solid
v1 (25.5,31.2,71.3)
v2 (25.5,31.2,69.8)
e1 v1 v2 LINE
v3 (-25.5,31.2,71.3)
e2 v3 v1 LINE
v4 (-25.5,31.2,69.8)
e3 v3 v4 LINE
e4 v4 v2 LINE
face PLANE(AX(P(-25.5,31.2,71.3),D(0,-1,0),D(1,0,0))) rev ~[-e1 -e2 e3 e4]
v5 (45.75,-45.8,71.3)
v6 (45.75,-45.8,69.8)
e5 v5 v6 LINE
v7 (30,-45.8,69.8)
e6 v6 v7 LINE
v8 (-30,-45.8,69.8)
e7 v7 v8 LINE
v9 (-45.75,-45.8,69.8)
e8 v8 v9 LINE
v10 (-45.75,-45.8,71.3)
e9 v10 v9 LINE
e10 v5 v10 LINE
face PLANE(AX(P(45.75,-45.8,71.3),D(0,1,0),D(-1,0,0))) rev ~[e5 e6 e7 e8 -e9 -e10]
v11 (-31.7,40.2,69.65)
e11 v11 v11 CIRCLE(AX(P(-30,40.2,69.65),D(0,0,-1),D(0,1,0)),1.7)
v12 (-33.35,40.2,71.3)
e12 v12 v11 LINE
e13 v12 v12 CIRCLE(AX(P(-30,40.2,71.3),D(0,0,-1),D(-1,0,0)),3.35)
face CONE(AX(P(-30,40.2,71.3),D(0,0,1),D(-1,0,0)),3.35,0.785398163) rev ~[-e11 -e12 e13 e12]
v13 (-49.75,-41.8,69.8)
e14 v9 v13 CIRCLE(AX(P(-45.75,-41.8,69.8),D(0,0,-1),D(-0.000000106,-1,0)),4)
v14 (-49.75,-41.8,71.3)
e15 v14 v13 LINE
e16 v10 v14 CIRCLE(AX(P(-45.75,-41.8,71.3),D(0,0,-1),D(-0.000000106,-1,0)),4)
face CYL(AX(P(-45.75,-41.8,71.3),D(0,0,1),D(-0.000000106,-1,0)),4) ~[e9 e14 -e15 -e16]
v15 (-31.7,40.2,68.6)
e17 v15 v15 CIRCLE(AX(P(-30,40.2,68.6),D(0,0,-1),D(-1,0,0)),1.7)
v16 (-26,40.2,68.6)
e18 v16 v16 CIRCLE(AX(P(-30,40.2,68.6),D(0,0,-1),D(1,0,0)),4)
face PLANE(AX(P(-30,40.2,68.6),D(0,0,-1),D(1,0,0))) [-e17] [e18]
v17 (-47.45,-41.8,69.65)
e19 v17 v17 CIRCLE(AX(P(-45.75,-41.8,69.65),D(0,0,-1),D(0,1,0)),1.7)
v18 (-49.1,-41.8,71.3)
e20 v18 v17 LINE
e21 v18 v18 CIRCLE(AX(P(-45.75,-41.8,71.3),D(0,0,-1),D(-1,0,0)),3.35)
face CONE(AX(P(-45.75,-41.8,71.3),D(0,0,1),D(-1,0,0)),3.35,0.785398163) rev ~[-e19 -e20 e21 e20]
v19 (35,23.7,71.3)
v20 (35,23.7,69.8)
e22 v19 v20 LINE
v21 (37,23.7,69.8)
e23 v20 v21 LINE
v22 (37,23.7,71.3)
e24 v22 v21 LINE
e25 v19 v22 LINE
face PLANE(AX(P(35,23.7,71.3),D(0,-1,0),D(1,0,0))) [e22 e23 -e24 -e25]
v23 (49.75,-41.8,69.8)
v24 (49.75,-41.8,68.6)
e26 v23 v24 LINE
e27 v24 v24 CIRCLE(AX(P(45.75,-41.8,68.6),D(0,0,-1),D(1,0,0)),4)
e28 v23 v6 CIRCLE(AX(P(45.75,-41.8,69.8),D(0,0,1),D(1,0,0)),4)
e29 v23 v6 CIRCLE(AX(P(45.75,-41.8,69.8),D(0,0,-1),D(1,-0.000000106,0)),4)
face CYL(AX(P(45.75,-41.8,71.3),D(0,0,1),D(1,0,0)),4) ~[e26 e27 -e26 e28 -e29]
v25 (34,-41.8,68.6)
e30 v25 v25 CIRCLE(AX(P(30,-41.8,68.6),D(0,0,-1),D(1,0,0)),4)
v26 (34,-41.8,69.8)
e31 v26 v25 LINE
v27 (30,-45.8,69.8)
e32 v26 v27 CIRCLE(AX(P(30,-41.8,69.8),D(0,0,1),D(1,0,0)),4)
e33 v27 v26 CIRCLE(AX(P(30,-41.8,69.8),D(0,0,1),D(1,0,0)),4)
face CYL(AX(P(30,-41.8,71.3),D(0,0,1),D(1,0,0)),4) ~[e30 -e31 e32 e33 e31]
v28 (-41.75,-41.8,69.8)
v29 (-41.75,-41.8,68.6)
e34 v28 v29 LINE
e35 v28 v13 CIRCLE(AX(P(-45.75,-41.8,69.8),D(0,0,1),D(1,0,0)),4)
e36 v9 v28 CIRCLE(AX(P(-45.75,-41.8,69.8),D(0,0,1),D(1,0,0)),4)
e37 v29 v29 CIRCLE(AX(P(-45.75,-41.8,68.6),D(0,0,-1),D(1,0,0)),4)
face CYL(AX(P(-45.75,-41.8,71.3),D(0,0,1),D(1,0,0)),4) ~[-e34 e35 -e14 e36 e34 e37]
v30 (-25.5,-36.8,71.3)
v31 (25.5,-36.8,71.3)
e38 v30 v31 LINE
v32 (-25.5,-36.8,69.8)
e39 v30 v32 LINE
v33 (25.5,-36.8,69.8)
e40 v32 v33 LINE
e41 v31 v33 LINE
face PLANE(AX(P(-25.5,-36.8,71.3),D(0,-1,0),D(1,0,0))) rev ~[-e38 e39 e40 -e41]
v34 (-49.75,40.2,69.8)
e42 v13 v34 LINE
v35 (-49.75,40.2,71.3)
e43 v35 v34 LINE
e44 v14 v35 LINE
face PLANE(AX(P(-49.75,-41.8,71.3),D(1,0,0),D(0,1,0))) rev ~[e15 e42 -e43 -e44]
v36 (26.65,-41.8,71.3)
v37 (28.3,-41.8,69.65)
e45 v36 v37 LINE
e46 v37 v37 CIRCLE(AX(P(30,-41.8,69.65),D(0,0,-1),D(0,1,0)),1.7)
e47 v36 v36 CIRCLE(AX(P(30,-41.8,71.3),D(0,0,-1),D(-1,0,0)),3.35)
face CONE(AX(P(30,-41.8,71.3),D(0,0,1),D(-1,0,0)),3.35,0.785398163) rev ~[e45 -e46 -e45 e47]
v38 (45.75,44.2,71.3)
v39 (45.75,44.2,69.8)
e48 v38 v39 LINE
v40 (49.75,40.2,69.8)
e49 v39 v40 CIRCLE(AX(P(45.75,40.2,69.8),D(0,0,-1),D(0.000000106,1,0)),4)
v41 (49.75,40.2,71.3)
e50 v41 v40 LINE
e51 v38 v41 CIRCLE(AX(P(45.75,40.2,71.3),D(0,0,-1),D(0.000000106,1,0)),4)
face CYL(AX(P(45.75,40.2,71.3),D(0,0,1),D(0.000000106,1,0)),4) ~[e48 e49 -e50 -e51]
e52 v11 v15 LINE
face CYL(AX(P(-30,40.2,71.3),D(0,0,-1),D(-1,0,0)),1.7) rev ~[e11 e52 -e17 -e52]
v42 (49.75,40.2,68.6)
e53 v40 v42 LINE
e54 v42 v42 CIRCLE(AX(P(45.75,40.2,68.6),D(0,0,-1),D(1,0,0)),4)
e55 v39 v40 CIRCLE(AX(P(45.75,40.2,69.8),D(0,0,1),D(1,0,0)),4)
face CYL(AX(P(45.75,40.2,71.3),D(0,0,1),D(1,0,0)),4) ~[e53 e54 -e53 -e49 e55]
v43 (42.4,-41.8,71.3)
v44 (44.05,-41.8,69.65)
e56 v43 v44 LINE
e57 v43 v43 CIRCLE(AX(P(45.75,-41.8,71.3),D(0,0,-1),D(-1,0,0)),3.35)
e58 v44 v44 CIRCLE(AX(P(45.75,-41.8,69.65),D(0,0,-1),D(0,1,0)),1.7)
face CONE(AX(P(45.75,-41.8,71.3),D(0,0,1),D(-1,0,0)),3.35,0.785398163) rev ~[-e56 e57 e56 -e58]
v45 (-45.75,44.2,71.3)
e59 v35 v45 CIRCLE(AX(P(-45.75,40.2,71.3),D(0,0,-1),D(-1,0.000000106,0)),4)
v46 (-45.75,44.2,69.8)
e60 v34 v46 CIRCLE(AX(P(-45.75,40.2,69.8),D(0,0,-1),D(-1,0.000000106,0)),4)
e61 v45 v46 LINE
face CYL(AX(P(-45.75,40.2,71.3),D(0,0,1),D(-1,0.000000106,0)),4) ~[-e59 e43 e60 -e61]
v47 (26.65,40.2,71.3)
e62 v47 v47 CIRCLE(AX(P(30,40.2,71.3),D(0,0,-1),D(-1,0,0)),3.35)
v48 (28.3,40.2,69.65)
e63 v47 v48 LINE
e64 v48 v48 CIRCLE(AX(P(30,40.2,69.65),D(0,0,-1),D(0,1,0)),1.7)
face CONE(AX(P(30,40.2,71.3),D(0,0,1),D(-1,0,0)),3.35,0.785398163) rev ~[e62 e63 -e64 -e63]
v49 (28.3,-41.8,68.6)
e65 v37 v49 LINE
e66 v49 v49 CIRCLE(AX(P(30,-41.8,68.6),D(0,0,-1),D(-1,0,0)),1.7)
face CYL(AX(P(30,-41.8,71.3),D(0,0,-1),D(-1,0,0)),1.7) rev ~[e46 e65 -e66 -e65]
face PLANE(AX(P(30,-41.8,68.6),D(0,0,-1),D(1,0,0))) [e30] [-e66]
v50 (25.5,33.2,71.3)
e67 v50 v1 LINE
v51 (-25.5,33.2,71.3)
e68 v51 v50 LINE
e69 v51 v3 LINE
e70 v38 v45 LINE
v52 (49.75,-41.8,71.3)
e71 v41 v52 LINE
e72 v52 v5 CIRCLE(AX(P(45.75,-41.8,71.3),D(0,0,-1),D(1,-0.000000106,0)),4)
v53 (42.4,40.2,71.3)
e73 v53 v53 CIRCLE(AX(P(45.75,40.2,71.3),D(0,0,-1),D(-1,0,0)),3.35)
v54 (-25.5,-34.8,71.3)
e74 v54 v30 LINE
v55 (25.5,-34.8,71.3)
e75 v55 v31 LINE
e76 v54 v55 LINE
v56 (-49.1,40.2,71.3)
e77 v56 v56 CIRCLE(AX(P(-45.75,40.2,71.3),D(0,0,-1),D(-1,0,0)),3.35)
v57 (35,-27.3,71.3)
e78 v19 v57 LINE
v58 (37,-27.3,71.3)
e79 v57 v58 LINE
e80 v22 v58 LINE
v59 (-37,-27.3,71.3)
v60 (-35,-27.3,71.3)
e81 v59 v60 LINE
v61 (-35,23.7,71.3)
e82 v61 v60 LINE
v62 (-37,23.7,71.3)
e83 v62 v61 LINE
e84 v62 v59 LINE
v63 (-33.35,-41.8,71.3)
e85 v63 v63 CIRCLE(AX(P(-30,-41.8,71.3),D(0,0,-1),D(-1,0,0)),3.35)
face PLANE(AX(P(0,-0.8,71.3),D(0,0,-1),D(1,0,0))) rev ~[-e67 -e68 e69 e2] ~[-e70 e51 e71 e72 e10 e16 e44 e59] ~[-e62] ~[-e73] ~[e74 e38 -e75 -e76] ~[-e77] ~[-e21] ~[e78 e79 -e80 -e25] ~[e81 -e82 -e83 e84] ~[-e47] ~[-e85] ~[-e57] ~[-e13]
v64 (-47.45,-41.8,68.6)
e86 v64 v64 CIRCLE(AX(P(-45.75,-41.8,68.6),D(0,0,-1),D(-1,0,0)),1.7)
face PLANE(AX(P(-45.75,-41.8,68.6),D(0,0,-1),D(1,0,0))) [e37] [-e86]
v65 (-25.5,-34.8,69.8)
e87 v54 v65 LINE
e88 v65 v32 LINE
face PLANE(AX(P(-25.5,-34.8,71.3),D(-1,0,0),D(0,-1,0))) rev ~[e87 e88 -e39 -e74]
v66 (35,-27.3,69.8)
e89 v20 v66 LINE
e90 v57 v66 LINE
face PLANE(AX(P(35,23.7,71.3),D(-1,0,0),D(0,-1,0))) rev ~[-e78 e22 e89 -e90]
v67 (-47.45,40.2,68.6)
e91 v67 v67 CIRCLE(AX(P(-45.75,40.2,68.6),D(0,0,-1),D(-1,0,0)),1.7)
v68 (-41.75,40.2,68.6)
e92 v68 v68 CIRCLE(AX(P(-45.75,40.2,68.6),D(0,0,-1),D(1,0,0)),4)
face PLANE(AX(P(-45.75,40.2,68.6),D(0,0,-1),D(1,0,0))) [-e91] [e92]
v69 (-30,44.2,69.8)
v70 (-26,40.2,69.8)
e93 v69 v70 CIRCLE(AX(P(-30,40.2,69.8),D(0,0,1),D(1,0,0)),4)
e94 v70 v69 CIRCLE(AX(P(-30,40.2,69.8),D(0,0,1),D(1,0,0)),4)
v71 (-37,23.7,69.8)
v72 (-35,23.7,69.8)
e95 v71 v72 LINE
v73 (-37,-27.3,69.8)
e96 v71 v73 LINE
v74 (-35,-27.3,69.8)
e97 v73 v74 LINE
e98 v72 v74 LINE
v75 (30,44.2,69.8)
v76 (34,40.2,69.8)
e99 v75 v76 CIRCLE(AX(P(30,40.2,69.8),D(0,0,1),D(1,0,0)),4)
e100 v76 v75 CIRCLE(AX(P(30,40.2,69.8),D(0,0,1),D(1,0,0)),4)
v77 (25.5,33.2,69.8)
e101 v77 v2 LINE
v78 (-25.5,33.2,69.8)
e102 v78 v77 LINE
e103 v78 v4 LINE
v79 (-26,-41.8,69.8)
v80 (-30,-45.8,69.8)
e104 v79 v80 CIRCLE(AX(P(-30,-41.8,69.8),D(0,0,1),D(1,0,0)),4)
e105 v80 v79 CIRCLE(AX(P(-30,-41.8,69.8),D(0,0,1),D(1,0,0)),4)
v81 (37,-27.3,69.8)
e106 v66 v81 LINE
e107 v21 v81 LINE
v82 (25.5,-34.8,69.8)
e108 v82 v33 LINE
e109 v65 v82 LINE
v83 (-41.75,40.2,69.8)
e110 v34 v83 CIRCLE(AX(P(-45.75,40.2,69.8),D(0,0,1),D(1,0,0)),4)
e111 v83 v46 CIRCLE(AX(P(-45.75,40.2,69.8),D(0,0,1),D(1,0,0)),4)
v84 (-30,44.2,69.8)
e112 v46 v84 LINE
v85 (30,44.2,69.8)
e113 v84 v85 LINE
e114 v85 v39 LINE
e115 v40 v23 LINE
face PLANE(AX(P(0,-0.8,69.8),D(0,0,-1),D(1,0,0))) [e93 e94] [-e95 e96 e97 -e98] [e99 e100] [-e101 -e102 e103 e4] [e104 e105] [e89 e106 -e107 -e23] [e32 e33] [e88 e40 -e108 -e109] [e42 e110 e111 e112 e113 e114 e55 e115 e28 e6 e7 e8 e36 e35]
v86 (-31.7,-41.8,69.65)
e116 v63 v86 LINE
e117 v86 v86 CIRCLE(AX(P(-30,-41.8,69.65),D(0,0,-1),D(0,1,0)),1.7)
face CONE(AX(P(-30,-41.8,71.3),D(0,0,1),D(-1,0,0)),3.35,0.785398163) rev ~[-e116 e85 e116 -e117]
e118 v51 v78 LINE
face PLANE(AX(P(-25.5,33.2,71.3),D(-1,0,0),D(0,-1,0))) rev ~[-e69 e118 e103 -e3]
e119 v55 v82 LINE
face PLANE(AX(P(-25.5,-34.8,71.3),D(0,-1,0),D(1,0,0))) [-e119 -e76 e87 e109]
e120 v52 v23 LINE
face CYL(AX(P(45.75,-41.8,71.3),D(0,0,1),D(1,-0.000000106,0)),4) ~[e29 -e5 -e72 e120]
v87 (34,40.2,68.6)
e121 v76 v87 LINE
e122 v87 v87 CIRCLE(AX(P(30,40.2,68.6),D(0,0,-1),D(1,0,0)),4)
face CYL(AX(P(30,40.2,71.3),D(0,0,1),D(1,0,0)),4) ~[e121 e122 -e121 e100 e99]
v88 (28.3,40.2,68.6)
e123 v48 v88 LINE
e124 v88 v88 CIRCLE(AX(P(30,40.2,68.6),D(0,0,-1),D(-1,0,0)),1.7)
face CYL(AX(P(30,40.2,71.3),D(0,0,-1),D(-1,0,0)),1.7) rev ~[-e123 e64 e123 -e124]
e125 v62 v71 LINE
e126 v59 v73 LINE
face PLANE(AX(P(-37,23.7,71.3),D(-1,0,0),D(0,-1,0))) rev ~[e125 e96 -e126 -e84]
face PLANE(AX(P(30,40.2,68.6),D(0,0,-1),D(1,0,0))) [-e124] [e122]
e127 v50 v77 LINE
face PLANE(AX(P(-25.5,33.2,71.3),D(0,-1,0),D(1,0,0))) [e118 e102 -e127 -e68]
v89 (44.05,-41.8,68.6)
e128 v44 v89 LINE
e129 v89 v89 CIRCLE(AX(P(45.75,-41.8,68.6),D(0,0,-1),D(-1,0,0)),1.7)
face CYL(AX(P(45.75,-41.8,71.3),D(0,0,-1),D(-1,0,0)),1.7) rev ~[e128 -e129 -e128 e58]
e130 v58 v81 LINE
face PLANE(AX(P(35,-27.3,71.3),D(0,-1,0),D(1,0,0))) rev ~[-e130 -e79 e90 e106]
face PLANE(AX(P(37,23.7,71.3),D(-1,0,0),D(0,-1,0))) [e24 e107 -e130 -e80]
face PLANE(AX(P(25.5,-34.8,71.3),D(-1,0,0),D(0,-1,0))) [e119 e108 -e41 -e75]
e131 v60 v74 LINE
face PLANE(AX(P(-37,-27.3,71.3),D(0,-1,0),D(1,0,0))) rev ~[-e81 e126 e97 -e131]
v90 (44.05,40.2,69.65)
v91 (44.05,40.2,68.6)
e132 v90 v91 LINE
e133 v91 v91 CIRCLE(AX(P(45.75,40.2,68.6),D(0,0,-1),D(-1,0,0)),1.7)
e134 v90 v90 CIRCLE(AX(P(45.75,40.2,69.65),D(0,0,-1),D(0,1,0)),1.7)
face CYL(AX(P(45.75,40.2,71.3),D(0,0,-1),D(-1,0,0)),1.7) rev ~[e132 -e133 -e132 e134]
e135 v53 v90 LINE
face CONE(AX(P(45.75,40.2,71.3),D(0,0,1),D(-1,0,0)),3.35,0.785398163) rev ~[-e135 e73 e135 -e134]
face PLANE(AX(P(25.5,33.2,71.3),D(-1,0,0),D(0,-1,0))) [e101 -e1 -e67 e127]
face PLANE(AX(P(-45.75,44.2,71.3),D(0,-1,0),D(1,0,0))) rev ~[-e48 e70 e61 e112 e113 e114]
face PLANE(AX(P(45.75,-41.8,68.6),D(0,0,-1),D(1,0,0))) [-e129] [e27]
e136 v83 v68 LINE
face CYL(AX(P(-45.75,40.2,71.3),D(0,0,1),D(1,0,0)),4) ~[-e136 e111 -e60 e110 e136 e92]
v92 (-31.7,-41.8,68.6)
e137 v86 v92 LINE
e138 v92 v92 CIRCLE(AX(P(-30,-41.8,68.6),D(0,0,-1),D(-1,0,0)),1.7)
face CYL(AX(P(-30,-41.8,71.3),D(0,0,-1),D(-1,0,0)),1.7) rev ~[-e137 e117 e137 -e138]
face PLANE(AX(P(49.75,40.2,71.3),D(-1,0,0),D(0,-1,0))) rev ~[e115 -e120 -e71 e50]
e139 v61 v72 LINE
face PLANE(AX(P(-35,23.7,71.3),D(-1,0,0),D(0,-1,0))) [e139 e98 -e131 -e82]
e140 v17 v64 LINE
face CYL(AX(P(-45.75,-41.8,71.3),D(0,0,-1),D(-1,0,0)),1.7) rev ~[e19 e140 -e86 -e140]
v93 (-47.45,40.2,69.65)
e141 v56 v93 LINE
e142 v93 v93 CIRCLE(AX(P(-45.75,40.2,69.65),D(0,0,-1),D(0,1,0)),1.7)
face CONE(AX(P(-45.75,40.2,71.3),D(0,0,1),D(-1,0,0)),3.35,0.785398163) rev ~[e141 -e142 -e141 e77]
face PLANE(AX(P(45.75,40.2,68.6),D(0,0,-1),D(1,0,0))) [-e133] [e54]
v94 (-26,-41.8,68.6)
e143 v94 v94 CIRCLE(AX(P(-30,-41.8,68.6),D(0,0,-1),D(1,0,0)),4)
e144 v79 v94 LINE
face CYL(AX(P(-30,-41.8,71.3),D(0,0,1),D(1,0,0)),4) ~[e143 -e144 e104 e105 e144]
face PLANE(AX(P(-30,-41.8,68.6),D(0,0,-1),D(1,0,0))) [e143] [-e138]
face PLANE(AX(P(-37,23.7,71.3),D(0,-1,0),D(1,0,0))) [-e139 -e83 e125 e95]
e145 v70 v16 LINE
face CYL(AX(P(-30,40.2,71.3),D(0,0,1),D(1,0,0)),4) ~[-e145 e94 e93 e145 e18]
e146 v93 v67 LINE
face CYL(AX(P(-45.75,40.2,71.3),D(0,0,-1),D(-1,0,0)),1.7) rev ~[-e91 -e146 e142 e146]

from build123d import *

# Parameters (mm, degrees)
SKETCH043_W             = 51
SKETCH043_H             = 2
SKETCH043_W_2           = 2
SKETCH043_H_2           = 51
PAD026_DEPTH            = 1.5
SKETCH044_R             = 4
SKETCH044_R_2           = 1.6
PAD027_DEPTH            = 2.7
HOLE001_D               = 3.4
HOLE001_DEPTH           = 25
HOLE001_CSINK_D         = 6.7
HOLE001_CSINK_ANGLE     = 90
BODY011_PLACEMENT_ANGLE = 180


with BuildPart() as part:
    # Sketch043 → Pad026 (new body)
    with BuildSketch(Plane.XY):
        with BuildLine():
            Line((-49.75, 40), (-49.75, -42))
            ThreePointArc((-49.75, -42), (-48.578427, -44.828427), (-45.75, -46))
            Line((-45.75, -46), (45.75, -46))
            ThreePointArc((45.75, -46), (48.578427, -44.828427), (49.75, -42))
            Line((49.75, -42), (49.75, 40))
            ThreePointArc((49.75, 40), (48.578427, 42.828427), (45.75, 44))
            Line((45.75, 44), (-45.75, 44))
            ThreePointArc((-45.75, 44), (-48.578427, 42.828427), (-49.75, 40))
        make_face()
        with Locations((0, 34)):
            Rectangle(SKETCH043_W, SKETCH043_H, mode=Mode.SUBTRACT)
        with Locations((0, -34)):
            Rectangle(SKETCH043_W, SKETCH043_H, mode=Mode.SUBTRACT)
        with Locations((36, 0)):
            Rectangle(SKETCH043_W_2, SKETCH043_H_2, mode=Mode.SUBTRACT)
        with Locations((-36, 0)):
            Rectangle(SKETCH043_W_2, SKETCH043_H_2, mode=Mode.SUBTRACT)
    extrude(amount=PAD026_DEPTH)

    # Sketch044 → Pad027 (join)
    with BuildSketch(Plane.XY):
        with Locations((-45.75, 40)):
            Circle(SKETCH044_R)
        with Locations((-45.75, 40)):
            Circle(SKETCH044_R_2, mode=Mode.SUBTRACT)
        with Locations((-30, 40)):
            Circle(SKETCH044_R)
        with Locations((-30, 40)):
            Circle(SKETCH044_R_2, mode=Mode.SUBTRACT)
        with Locations((30, 40)):
            Circle(SKETCH044_R)
        with Locations((30, 40)):
            Circle(SKETCH044_R_2, mode=Mode.SUBTRACT)
        with Locations((30, -42)):
            Circle(SKETCH044_R)
        with Locations((30, -42)):
            Circle(SKETCH044_R_2, mode=Mode.SUBTRACT)
        with Locations((-30, -42)):
            Circle(SKETCH044_R)
        with Locations((-30, -42)):
            Circle(SKETCH044_R_2, mode=Mode.SUBTRACT)
        with Locations((-45.75, -42)):
            Circle(SKETCH044_R)
        with Locations((-45.75, -42)):
            Circle(SKETCH044_R_2, mode=Mode.SUBTRACT)
        with Locations((45.75, -42)):
            Circle(SKETCH044_R)
        with Locations((45.75, -42)):
            Circle(SKETCH044_R_2, mode=Mode.SUBTRACT)
        with Locations((45.75, 40)):
            Circle(SKETCH044_R)
        with Locations((45.75, 40)):
            Circle(SKETCH044_R_2, mode=Mode.SUBTRACT)
    extrude(amount=PAD027_DEPTH)

    # Hole001
    with Locations(Plane(origin=(0, 0, 0), x_dir=(1, 0, 0), z_dir=(0, 0, -1))):
        with Locations((-45.75, -40), (-30, -40), (30, -40), (30, 42), (-30, 42), (-45.75, 42), (-45.75, 42), (-30, 42), (30, 42), (30, -40), (-30, -40), (-45.75, -40), (45.75, 42), (45.75, 42), (45.75, -40), (45.75, -40)):
            CounterSinkHole(HOLE001_D / 2, HOLE001_CSINK_D / 2, depth=HOLE001_DEPTH, counter_sink_angle=HOLE001_CSINK_ANGLE)


with BuildPart() as part_1:
    # Body011 placement: moved
    add(part.part.moved(Location((0, -1.8, 71.3))).rotate(Axis((0, -1.8, 71.3), (1, 0, 0)), BODY011_PLACEMENT_ANGLE))


solid = part_1.part
